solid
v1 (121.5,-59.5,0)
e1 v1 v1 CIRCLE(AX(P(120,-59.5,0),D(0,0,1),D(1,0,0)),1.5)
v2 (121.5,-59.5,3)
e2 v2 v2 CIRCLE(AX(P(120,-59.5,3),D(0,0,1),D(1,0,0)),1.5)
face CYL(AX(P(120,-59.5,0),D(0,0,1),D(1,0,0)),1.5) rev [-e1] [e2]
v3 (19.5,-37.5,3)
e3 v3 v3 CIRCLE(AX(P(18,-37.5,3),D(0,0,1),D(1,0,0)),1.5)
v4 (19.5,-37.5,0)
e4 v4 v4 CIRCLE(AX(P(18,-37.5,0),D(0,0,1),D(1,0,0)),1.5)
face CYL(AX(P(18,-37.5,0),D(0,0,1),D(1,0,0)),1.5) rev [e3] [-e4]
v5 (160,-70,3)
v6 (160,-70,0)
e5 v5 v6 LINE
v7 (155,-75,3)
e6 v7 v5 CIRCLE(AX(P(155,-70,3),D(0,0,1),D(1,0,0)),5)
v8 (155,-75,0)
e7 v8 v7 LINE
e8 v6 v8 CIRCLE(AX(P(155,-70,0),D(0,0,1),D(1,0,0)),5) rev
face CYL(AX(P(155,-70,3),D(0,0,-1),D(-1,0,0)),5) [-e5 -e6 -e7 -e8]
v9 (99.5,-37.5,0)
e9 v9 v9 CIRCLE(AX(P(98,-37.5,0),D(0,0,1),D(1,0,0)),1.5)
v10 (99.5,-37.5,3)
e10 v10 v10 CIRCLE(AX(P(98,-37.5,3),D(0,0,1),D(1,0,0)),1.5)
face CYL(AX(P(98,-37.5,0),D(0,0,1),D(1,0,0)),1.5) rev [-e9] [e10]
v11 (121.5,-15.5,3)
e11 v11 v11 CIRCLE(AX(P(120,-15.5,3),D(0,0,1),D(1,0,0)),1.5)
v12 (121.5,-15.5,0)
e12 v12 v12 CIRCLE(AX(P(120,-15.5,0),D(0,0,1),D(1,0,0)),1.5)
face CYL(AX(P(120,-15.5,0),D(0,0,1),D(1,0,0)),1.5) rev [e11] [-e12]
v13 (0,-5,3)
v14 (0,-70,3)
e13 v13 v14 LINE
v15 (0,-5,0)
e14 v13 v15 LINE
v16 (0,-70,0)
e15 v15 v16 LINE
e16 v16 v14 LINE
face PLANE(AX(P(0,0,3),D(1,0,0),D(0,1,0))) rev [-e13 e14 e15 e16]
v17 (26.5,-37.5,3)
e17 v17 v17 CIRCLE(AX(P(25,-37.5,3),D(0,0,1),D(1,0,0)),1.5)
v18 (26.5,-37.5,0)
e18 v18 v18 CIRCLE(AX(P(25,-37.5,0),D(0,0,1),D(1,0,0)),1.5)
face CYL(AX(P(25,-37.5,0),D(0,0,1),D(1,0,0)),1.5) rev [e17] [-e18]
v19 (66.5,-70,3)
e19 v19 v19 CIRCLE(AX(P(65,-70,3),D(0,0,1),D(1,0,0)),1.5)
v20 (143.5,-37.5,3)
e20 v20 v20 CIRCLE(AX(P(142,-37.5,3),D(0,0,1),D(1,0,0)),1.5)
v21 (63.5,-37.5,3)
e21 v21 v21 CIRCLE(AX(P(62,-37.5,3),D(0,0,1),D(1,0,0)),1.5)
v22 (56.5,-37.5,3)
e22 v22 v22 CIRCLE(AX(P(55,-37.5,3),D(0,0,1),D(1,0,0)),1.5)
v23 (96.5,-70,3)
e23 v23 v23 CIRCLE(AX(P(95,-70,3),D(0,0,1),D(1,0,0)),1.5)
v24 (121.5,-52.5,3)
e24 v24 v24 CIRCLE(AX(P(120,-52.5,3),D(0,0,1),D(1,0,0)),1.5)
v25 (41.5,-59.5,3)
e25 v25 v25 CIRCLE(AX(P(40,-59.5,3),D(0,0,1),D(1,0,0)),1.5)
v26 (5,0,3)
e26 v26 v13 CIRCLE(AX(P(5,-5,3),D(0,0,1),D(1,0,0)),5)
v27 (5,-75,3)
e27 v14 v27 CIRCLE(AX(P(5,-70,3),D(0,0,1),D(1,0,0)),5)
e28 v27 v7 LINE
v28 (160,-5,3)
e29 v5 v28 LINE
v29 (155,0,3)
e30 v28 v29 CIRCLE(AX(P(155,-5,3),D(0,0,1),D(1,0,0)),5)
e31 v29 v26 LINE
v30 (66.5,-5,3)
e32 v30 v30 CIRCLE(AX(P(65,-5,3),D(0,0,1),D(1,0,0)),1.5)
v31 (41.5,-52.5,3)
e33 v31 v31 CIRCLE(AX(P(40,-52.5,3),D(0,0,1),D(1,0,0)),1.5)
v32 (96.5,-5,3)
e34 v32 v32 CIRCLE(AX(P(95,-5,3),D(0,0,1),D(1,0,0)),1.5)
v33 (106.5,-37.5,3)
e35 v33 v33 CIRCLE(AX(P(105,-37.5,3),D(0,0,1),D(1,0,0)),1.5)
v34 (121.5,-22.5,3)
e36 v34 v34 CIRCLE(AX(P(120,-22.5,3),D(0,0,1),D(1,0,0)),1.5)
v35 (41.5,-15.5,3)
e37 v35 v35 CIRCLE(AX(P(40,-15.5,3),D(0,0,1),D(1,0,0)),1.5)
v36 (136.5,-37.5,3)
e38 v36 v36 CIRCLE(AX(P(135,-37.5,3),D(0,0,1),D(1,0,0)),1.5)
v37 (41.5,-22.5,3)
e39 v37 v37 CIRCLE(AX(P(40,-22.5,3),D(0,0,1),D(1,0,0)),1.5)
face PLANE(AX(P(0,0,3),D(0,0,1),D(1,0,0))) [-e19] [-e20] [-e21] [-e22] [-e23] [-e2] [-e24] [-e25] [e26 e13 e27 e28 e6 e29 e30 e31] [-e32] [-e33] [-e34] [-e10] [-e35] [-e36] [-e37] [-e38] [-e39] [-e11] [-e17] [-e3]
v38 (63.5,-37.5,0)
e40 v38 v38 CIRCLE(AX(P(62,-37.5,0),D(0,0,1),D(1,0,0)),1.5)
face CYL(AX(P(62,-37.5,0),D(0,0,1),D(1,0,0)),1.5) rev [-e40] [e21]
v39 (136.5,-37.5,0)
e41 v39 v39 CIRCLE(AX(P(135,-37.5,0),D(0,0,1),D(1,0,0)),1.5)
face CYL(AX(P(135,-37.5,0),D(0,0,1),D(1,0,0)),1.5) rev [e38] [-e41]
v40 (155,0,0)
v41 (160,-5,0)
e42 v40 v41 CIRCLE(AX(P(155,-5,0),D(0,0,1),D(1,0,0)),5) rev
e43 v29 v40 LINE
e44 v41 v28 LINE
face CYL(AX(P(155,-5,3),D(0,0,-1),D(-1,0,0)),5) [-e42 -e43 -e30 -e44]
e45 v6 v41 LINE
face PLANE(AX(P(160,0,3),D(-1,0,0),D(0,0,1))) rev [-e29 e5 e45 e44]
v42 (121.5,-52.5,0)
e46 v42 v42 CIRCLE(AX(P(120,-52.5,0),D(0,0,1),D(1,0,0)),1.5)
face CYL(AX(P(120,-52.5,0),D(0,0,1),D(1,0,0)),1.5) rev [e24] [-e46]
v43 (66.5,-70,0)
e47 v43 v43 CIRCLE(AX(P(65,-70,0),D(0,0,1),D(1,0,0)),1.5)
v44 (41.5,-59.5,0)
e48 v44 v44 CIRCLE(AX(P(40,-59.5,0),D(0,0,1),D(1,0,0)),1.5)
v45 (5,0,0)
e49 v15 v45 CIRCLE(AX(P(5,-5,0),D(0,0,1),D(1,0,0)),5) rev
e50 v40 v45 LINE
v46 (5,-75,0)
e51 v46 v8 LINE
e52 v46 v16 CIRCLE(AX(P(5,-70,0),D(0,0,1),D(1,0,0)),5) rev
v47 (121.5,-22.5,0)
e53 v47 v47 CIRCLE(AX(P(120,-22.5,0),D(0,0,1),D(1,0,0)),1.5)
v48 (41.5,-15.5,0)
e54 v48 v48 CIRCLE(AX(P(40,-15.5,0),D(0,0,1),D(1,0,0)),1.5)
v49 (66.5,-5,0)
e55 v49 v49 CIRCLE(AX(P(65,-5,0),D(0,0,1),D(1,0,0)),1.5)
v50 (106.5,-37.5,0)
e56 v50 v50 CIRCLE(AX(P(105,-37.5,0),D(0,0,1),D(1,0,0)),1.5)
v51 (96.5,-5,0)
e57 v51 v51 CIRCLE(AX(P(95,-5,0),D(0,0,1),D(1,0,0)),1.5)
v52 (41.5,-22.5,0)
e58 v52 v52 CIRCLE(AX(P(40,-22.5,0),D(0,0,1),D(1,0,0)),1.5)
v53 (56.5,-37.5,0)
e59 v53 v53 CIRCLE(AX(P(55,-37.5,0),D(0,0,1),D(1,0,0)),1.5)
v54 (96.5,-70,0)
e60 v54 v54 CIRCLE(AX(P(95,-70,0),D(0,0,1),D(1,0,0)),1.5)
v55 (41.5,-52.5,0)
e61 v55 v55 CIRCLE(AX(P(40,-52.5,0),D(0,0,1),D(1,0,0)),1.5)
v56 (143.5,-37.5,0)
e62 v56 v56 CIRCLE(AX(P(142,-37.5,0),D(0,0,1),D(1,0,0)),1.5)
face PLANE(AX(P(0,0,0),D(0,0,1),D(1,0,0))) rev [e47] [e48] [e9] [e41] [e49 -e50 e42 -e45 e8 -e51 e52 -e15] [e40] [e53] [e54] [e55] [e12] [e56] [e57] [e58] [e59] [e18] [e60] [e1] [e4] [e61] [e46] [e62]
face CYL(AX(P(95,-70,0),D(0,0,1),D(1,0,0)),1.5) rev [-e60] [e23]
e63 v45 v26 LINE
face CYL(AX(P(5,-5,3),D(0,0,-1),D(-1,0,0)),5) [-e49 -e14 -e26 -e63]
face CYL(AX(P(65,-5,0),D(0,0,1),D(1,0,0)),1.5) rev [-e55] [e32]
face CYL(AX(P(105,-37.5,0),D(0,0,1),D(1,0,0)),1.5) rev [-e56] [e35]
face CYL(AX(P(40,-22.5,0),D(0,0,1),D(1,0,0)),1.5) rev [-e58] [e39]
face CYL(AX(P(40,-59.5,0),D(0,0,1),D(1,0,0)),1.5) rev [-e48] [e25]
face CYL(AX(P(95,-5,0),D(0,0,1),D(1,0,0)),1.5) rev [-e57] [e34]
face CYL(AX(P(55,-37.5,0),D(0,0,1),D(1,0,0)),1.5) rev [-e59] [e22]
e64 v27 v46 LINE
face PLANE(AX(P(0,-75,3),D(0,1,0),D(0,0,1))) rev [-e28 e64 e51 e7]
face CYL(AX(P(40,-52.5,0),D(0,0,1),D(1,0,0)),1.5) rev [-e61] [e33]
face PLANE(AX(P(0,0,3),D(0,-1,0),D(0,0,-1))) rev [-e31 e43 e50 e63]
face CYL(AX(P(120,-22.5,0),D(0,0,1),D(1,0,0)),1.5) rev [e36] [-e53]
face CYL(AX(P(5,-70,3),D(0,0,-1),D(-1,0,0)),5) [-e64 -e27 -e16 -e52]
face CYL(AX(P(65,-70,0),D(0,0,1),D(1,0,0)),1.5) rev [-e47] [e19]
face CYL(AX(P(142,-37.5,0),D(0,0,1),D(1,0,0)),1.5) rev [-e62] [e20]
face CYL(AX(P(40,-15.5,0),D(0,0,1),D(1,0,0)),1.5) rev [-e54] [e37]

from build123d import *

# Parameters (mm, degrees)
SKETCH_1_W          = 160
SKETCH_1_H          = 75
EXTRUDE_1_DEPTH     = 3
SKETCH_4_R          = 1.5
CUT_EXTRUDE_1_DEPTH = 3
SKETCH_5_R          = 1.5
CUT_EXTRUDE_2_DEPTH = 3
SKETCH_6_R          = 1.5
CUT_EXTRUDE_3_DEPTH = 3
FILLET_1_R          = 5
FILLET_2_R          = 5
FILLET_3_R          = 5
FILLET_4_R          = 5


with BuildPart() as part:
    # 草图1 → 凸台-拉伸1 (new body)
    with BuildSketch(Plane.XY):
        with Locations((80, -37.5)):
            Rectangle(SKETCH_1_W, SKETCH_1_H)
    extrude(amount=EXTRUDE_1_DEPTH)

    # 草图4 → 切除-拉伸1 (cut)
    with BuildSketch(Plane.XY.offset(3)):
        with Locations((40, -15.5)):
            Circle(SKETCH_4_R)
        with Locations((18, -37.5)):
            Circle(SKETCH_4_R)
        with Locations((62, -37.5)):
            Circle(SKETCH_4_R)
        with Locations((40, -59.5)):
            Circle(SKETCH_4_R)
        with Locations((40, -22.5)):
            Circle(SKETCH_4_R)
        with Locations((25, -37.5)):
            Circle(SKETCH_4_R)
        with Locations((55, -37.5)):
            Circle(SKETCH_4_R)
        with Locations((40, -52.5)):
            Circle(SKETCH_4_R)
    extrude(amount=-CUT_EXTRUDE_1_DEPTH, mode=Mode.SUBTRACT)

    # 草图5 → 切除-拉伸2 (cut)
    with BuildSketch(Plane.XY.offset(3)):
        with Locations((120, -15.5)):
            Circle(SKETCH_5_R)
        with Locations((98, -37.5)):
            Circle(SKETCH_5_R)
        with Locations((120, -59.5)):
            Circle(SKETCH_5_R)
        with Locations((142, -37.5)):
            Circle(SKETCH_5_R)
        with Locations((120, -22.5)):
            Circle(SKETCH_5_R)
        with Locations((105, -37.5)):
            Circle(SKETCH_5_R)
        with Locations((120, -52.5)):
            Circle(SKETCH_5_R)
        with Locations((135, -37.5)):
            Circle(SKETCH_5_R)
    extrude(amount=-CUT_EXTRUDE_2_DEPTH, mode=Mode.SUBTRACT)

    # 草图6 → 切除-拉伸3 (cut)
    with BuildSketch(Plane.XY.offset(3)):
        with Locations((65, -5)):
            Circle(SKETCH_6_R)
        with Locations((95, -5)):
            Circle(SKETCH_6_R)
        with Locations((65, -70)):
            Circle(SKETCH_6_R)
        with Locations((95, -70)):
            Circle(SKETCH_6_R)
    extrude(amount=-CUT_EXTRUDE_3_DEPTH, mode=Mode.SUBTRACT)

    # 圆角1
    fillet_1_edges = [part.edges().sort_by_distance(p)[0] for p in [
        (160, 0, 1.5),
    ]]
    fillet(fillet_1_edges, radius=FILLET_1_R)

    # 圆角2
    fillet_2_edges = [part.edges().sort_by_distance(p)[0] for p in [
        (0, 0, 1.5),
    ]]
    fillet(fillet_2_edges, radius=FILLET_2_R)

    # 圆角3
    fillet_3_edges = [part.edges().sort_by_distance(p)[0] for p in [
        (0, -75, 1.5),
    ]]
    fillet(fillet_3_edges, radius=FILLET_3_R)

    # 圆角4
    fillet_4_edges = [part.edges().sort_by_distance(p)[0] for p in [
        (160, -75, 1.5),
    ]]
    fillet(fillet_4_edges, radius=FILLET_4_R)


solid = part.part
